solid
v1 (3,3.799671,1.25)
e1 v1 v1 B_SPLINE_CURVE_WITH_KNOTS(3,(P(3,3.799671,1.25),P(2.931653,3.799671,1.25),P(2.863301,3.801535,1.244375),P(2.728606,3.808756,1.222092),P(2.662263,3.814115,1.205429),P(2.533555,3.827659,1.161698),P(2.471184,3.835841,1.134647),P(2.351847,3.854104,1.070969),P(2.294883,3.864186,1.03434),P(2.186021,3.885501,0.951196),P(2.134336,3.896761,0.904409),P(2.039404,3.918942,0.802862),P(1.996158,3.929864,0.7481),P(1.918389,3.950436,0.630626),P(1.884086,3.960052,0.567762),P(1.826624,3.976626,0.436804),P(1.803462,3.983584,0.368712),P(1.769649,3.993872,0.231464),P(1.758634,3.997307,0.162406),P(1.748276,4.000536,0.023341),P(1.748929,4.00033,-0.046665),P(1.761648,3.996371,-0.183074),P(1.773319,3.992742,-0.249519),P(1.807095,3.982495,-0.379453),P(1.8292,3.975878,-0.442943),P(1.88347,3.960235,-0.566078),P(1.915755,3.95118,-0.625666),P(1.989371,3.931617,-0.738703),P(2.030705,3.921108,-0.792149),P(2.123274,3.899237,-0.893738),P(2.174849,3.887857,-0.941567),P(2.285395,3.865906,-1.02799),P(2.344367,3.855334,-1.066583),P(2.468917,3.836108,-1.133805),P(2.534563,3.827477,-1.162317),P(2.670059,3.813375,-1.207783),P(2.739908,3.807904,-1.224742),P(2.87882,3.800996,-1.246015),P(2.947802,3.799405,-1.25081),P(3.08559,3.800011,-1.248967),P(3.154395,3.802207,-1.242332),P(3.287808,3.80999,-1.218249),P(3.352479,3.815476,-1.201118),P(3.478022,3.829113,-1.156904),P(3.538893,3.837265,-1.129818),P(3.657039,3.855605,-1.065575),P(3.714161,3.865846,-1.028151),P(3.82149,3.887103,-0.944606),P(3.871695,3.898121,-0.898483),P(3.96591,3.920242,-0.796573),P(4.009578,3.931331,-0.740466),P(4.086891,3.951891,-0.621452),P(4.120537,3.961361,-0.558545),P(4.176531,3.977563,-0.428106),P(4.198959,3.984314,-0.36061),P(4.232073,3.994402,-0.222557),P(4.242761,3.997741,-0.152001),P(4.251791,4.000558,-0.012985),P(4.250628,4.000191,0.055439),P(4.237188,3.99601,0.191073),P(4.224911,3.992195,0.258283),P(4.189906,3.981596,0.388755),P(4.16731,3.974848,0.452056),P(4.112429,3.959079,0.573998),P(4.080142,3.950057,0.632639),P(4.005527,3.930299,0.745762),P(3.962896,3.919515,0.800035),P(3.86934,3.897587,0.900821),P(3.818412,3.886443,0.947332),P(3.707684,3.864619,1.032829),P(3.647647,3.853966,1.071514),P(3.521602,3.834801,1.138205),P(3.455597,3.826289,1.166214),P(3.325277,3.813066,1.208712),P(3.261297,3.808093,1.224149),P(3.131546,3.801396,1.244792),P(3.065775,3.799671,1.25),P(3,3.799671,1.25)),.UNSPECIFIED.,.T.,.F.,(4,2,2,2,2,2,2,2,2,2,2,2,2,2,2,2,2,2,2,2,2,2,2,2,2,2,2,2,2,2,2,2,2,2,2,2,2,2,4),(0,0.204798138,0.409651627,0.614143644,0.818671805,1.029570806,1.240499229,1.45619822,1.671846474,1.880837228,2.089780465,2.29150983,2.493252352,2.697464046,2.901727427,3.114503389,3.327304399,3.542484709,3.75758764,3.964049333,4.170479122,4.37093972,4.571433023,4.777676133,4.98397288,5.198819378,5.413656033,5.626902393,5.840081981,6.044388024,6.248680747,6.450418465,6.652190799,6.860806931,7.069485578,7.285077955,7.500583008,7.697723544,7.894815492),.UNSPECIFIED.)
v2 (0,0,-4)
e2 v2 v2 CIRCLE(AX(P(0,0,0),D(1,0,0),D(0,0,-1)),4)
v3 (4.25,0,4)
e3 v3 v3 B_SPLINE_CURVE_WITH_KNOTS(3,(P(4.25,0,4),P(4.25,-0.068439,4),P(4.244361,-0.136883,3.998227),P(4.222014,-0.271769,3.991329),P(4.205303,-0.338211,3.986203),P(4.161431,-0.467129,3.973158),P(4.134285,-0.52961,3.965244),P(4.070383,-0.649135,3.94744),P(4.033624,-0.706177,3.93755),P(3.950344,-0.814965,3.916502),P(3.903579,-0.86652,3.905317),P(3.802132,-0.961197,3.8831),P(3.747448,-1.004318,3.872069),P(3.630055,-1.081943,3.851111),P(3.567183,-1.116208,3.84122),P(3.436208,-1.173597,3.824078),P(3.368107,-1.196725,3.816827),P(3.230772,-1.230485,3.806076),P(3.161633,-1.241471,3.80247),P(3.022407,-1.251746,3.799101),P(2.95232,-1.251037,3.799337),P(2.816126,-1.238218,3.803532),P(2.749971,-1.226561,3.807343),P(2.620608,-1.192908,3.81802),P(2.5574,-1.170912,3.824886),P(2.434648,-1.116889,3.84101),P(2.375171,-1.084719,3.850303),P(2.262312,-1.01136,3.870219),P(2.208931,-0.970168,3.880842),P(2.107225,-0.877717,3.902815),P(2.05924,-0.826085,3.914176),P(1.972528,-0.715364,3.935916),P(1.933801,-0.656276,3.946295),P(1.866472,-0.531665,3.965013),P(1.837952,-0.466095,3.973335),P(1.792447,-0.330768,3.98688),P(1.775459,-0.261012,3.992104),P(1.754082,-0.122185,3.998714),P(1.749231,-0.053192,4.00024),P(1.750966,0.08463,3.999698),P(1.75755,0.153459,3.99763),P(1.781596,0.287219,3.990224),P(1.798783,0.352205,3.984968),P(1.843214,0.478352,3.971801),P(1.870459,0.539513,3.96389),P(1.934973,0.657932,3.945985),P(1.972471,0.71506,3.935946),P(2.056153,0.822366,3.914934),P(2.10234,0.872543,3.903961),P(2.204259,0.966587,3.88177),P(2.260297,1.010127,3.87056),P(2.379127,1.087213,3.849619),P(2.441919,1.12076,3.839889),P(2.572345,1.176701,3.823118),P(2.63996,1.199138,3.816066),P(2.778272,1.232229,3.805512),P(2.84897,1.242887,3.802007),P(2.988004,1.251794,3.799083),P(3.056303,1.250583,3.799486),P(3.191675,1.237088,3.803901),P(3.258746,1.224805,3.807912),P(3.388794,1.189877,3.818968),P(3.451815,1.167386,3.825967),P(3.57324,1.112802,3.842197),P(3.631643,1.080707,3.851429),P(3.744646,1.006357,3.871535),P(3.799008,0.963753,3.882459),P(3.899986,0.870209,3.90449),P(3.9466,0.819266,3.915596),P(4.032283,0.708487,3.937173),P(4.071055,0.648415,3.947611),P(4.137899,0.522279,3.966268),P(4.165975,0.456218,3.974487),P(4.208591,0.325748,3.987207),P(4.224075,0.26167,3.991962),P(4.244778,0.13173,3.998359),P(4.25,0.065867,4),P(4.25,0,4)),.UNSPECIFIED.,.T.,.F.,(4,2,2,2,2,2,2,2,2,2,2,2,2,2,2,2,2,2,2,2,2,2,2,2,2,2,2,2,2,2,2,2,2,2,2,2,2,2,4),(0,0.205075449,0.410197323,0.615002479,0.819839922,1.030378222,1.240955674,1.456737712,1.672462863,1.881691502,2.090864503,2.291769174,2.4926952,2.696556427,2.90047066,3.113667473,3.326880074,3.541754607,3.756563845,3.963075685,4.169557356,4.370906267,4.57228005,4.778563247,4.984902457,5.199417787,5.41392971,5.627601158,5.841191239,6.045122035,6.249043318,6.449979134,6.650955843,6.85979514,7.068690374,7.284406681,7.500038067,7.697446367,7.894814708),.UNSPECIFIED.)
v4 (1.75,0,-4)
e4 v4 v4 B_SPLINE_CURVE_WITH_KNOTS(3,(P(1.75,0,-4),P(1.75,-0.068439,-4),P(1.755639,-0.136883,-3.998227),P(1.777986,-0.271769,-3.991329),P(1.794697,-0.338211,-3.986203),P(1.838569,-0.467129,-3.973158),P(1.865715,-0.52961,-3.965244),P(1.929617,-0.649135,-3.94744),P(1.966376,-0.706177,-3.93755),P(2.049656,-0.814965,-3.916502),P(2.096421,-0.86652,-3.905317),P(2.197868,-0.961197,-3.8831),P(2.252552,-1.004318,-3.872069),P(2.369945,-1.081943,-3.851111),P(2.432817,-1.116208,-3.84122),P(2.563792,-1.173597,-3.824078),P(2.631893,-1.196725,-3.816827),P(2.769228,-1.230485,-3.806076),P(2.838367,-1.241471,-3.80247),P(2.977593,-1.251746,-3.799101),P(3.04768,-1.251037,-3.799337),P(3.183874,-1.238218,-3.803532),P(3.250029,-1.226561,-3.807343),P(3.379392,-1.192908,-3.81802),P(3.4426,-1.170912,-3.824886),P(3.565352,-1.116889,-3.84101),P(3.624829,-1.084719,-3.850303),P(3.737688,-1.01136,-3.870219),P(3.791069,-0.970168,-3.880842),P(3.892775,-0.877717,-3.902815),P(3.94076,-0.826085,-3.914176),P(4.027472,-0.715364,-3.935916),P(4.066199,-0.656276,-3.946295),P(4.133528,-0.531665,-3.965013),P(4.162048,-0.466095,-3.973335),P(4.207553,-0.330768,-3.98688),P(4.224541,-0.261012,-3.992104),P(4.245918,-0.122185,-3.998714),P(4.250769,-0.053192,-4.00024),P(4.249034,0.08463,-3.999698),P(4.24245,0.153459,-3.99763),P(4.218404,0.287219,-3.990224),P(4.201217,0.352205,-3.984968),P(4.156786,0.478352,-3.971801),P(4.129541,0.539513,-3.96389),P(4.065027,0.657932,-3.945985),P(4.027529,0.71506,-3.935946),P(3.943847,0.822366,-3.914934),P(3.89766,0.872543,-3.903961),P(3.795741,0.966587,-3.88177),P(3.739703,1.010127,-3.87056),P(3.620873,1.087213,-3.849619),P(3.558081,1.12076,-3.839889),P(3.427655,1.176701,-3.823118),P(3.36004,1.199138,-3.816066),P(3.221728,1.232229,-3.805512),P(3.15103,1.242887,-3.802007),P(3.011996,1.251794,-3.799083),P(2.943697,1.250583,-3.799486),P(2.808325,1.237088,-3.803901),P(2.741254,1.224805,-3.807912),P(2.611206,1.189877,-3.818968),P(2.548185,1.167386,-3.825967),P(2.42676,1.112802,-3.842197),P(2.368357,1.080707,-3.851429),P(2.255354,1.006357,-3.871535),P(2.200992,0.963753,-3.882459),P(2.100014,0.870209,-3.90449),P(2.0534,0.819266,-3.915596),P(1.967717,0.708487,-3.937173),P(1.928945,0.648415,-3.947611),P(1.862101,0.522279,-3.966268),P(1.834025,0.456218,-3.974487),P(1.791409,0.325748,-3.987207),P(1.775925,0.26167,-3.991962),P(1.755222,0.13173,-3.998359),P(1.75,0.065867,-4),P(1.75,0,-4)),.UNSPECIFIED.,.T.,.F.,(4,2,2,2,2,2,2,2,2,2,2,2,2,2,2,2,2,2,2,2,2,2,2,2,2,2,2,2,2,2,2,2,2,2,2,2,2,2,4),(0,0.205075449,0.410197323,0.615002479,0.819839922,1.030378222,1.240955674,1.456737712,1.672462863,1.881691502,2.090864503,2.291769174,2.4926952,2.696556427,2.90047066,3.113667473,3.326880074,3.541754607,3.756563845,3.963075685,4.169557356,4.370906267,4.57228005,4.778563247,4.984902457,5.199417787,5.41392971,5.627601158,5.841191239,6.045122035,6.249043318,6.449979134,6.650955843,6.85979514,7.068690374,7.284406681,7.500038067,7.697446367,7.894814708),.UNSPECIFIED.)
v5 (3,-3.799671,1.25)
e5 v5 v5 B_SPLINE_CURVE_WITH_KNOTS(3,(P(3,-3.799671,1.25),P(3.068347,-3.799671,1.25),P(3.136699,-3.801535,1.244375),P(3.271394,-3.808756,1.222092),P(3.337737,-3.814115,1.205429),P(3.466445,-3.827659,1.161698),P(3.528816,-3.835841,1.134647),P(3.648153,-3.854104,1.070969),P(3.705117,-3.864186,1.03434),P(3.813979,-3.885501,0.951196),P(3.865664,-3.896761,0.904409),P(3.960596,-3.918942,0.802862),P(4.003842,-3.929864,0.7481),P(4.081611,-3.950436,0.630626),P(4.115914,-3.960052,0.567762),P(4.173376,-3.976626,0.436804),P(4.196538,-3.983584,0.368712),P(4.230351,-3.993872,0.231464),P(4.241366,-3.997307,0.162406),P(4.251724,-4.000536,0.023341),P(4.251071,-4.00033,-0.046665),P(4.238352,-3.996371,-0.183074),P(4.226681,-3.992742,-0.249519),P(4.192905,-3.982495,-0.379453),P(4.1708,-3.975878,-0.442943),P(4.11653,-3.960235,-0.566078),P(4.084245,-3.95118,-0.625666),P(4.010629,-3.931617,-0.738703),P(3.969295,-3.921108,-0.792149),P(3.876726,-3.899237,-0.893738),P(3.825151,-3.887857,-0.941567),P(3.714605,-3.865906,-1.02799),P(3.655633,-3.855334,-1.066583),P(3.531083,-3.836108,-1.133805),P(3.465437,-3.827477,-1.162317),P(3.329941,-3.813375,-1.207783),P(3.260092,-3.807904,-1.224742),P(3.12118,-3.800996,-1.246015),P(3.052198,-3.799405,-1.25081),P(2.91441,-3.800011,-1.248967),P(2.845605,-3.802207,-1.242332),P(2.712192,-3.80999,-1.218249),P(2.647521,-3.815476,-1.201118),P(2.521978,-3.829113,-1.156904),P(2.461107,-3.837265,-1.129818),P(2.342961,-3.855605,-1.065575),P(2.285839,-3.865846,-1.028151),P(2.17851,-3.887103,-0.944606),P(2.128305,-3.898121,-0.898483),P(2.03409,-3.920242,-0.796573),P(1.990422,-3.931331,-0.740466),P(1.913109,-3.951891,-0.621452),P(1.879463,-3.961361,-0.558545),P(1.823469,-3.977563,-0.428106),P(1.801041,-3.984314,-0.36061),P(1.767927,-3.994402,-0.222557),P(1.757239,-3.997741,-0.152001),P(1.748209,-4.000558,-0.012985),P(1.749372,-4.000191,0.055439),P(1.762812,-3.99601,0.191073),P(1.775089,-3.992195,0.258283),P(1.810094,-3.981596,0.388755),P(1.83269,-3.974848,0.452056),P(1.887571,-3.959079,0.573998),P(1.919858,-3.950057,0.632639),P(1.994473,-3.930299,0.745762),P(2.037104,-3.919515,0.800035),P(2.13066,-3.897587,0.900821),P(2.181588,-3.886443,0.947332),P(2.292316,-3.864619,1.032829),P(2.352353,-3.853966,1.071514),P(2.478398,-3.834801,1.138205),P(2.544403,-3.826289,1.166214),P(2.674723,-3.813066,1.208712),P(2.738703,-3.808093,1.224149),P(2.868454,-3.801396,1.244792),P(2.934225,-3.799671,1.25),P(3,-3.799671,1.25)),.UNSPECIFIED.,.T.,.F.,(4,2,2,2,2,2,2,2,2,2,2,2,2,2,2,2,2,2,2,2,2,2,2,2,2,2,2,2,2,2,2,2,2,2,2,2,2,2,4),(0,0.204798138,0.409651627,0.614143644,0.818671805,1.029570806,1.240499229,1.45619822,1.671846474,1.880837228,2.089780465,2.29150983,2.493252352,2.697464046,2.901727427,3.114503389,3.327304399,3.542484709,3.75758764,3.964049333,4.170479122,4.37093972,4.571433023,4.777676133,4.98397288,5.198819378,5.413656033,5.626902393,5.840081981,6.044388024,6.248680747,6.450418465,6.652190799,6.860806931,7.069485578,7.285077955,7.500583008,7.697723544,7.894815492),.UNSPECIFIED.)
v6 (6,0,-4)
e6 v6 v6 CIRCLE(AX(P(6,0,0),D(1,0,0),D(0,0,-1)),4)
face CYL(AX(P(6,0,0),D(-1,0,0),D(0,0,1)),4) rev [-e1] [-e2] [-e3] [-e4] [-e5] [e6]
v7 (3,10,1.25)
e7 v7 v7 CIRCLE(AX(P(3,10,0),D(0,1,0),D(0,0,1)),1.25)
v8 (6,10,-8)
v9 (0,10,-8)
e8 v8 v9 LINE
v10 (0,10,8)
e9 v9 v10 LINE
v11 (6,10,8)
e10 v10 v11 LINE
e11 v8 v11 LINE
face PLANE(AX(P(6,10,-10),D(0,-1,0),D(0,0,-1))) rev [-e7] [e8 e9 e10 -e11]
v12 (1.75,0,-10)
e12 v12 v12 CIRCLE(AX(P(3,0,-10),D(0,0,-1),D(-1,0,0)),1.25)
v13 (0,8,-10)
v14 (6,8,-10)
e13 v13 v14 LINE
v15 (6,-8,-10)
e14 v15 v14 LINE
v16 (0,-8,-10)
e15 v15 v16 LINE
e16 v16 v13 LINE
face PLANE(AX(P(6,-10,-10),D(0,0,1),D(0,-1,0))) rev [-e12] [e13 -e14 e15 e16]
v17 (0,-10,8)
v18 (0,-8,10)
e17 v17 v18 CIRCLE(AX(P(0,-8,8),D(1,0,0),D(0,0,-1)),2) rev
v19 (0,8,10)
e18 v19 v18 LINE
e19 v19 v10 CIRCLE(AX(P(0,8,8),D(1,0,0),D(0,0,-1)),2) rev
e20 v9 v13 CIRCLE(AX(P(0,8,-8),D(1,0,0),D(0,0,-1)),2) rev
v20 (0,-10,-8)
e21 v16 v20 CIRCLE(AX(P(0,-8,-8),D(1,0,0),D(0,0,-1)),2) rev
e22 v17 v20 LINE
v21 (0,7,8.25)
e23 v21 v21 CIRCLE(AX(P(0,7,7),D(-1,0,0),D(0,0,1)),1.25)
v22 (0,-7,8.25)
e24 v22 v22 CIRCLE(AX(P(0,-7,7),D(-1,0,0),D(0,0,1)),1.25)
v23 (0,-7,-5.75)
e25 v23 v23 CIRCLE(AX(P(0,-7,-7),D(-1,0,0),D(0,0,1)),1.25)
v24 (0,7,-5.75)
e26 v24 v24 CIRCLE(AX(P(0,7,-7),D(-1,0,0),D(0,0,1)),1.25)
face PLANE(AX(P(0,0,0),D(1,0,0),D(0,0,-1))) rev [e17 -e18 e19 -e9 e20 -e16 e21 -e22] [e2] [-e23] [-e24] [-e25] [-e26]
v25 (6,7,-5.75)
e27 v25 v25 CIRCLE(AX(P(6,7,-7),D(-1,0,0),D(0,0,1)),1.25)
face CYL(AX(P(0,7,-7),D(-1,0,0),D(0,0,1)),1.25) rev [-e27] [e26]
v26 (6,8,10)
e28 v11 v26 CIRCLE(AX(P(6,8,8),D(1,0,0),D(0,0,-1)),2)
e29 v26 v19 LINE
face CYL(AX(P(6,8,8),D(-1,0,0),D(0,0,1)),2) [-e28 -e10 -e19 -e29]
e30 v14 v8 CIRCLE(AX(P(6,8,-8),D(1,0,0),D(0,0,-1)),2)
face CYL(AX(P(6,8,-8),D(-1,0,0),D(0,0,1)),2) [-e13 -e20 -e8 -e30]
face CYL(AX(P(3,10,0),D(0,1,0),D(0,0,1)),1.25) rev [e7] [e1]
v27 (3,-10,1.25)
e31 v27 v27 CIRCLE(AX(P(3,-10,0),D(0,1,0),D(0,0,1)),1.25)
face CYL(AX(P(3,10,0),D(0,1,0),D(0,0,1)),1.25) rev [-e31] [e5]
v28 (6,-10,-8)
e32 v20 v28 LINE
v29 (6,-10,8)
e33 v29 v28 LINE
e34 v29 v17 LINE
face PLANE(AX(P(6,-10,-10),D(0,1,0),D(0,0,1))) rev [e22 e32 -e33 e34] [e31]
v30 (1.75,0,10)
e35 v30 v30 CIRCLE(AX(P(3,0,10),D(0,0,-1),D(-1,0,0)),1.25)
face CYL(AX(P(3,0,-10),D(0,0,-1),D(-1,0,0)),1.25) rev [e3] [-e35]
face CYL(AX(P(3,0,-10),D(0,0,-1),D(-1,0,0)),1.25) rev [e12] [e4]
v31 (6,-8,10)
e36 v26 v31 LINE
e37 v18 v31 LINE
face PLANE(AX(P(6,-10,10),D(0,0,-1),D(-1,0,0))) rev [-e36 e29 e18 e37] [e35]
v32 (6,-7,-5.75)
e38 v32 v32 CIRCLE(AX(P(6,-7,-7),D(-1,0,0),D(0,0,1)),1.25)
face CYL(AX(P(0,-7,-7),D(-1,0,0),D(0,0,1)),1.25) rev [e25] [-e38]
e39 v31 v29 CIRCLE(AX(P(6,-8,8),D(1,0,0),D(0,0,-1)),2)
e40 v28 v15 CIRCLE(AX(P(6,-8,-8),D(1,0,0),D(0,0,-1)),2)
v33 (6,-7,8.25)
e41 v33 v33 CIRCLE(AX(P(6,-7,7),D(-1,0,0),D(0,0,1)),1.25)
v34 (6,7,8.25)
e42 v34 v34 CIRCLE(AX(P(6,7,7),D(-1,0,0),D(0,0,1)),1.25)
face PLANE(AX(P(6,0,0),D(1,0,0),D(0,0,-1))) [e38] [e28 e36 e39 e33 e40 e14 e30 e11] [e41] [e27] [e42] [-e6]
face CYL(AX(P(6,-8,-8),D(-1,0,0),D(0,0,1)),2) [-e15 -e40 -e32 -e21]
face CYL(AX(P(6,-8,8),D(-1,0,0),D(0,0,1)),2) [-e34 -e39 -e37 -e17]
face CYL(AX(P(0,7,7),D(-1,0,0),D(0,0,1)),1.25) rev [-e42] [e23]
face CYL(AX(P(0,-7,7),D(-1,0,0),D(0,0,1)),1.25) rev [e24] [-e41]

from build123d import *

# Parameters (mm, degrees)
SKETCH_3_W          = 20
SKETCH_3_H          = 20
SKETCH_3_R          = 4
EXTRUDE_2_DEPTH     = 6
SKETCH_4_R          = 1
CUT_EXTRUDE_1_DEPTH = 6
HOLE_WIZARD_M3_1_D  = 2.5
HOLE_WIZARD_M3_2_D  = 2.5
FILLET_1_R          = 2
HOLE_WIZARD_M3_3_D  = 2.5


with BuildPart() as part:
    # 草图3 → 凸台-拉伸2 (new body)
    with BuildSketch(Plane(origin=(0, 0, 0), x_dir=(0, 0, -1), z_dir=(1, 0, 0))):
        Rectangle(SKETCH_3_W, SKETCH_3_H)
        Circle(SKETCH_3_R, mode=Mode.SUBTRACT)
    extrude(amount=EXTRUDE_2_DEPTH)

    # 草图4 → 切除-拉伸1 (cut)
    with BuildSketch(Plane(origin=(6, 0, 0), x_dir=(0, 0, -1), z_dir=(1, 0, 0))):
        with Locations((-7, 7)):
            Circle(SKETCH_4_R)
        with Locations((7, 7)):
            Circle(SKETCH_4_R)
        with Locations((-7, -7)):
            Circle(SKETCH_4_R)
        with Locations((7, -7)):
            Circle(SKETCH_4_R)
    extrude(amount=-CUT_EXTRUDE_1_DEPTH, mode=Mode.SUBTRACT)

    # M3 螺纹孔1 (through all)
    with Locations(Plane(origin=(0, 10, 0), x_dir=(1, 0, 0), z_dir=(0, 1, 0))):
        with Locations((3, 0)):
            Hole(HOLE_WIZARD_M3_1_D / 2)

    # M3 螺纹孔2 (through all)
    with Locations(Plane(origin=(0, 0, -10), x_dir=(-1, 0, 0), z_dir=(0, 0, -1))):
        with Locations((-3, 0)):
            Hole(HOLE_WIZARD_M3_2_D / 2)

    # 圆角1
    fillet_1_edges = [part.edges().sort_by_distance(p)[0] for p in [
        (3, 10, 10),
        (3, 10, -10),
        (3, -10, -10),
        (3, -10, 10),
    ]]
    fillet(fillet_1_edges, radius=FILLET_1_R)

    # M3 螺纹孔3 (through all)
    with Locations(Plane.ZY):
        with Locations((-7, 7), (7, 7), (-7, -7), (7, -7)):
            Hole(HOLE_WIZARD_M3_3_D / 2)


solid = part.part
